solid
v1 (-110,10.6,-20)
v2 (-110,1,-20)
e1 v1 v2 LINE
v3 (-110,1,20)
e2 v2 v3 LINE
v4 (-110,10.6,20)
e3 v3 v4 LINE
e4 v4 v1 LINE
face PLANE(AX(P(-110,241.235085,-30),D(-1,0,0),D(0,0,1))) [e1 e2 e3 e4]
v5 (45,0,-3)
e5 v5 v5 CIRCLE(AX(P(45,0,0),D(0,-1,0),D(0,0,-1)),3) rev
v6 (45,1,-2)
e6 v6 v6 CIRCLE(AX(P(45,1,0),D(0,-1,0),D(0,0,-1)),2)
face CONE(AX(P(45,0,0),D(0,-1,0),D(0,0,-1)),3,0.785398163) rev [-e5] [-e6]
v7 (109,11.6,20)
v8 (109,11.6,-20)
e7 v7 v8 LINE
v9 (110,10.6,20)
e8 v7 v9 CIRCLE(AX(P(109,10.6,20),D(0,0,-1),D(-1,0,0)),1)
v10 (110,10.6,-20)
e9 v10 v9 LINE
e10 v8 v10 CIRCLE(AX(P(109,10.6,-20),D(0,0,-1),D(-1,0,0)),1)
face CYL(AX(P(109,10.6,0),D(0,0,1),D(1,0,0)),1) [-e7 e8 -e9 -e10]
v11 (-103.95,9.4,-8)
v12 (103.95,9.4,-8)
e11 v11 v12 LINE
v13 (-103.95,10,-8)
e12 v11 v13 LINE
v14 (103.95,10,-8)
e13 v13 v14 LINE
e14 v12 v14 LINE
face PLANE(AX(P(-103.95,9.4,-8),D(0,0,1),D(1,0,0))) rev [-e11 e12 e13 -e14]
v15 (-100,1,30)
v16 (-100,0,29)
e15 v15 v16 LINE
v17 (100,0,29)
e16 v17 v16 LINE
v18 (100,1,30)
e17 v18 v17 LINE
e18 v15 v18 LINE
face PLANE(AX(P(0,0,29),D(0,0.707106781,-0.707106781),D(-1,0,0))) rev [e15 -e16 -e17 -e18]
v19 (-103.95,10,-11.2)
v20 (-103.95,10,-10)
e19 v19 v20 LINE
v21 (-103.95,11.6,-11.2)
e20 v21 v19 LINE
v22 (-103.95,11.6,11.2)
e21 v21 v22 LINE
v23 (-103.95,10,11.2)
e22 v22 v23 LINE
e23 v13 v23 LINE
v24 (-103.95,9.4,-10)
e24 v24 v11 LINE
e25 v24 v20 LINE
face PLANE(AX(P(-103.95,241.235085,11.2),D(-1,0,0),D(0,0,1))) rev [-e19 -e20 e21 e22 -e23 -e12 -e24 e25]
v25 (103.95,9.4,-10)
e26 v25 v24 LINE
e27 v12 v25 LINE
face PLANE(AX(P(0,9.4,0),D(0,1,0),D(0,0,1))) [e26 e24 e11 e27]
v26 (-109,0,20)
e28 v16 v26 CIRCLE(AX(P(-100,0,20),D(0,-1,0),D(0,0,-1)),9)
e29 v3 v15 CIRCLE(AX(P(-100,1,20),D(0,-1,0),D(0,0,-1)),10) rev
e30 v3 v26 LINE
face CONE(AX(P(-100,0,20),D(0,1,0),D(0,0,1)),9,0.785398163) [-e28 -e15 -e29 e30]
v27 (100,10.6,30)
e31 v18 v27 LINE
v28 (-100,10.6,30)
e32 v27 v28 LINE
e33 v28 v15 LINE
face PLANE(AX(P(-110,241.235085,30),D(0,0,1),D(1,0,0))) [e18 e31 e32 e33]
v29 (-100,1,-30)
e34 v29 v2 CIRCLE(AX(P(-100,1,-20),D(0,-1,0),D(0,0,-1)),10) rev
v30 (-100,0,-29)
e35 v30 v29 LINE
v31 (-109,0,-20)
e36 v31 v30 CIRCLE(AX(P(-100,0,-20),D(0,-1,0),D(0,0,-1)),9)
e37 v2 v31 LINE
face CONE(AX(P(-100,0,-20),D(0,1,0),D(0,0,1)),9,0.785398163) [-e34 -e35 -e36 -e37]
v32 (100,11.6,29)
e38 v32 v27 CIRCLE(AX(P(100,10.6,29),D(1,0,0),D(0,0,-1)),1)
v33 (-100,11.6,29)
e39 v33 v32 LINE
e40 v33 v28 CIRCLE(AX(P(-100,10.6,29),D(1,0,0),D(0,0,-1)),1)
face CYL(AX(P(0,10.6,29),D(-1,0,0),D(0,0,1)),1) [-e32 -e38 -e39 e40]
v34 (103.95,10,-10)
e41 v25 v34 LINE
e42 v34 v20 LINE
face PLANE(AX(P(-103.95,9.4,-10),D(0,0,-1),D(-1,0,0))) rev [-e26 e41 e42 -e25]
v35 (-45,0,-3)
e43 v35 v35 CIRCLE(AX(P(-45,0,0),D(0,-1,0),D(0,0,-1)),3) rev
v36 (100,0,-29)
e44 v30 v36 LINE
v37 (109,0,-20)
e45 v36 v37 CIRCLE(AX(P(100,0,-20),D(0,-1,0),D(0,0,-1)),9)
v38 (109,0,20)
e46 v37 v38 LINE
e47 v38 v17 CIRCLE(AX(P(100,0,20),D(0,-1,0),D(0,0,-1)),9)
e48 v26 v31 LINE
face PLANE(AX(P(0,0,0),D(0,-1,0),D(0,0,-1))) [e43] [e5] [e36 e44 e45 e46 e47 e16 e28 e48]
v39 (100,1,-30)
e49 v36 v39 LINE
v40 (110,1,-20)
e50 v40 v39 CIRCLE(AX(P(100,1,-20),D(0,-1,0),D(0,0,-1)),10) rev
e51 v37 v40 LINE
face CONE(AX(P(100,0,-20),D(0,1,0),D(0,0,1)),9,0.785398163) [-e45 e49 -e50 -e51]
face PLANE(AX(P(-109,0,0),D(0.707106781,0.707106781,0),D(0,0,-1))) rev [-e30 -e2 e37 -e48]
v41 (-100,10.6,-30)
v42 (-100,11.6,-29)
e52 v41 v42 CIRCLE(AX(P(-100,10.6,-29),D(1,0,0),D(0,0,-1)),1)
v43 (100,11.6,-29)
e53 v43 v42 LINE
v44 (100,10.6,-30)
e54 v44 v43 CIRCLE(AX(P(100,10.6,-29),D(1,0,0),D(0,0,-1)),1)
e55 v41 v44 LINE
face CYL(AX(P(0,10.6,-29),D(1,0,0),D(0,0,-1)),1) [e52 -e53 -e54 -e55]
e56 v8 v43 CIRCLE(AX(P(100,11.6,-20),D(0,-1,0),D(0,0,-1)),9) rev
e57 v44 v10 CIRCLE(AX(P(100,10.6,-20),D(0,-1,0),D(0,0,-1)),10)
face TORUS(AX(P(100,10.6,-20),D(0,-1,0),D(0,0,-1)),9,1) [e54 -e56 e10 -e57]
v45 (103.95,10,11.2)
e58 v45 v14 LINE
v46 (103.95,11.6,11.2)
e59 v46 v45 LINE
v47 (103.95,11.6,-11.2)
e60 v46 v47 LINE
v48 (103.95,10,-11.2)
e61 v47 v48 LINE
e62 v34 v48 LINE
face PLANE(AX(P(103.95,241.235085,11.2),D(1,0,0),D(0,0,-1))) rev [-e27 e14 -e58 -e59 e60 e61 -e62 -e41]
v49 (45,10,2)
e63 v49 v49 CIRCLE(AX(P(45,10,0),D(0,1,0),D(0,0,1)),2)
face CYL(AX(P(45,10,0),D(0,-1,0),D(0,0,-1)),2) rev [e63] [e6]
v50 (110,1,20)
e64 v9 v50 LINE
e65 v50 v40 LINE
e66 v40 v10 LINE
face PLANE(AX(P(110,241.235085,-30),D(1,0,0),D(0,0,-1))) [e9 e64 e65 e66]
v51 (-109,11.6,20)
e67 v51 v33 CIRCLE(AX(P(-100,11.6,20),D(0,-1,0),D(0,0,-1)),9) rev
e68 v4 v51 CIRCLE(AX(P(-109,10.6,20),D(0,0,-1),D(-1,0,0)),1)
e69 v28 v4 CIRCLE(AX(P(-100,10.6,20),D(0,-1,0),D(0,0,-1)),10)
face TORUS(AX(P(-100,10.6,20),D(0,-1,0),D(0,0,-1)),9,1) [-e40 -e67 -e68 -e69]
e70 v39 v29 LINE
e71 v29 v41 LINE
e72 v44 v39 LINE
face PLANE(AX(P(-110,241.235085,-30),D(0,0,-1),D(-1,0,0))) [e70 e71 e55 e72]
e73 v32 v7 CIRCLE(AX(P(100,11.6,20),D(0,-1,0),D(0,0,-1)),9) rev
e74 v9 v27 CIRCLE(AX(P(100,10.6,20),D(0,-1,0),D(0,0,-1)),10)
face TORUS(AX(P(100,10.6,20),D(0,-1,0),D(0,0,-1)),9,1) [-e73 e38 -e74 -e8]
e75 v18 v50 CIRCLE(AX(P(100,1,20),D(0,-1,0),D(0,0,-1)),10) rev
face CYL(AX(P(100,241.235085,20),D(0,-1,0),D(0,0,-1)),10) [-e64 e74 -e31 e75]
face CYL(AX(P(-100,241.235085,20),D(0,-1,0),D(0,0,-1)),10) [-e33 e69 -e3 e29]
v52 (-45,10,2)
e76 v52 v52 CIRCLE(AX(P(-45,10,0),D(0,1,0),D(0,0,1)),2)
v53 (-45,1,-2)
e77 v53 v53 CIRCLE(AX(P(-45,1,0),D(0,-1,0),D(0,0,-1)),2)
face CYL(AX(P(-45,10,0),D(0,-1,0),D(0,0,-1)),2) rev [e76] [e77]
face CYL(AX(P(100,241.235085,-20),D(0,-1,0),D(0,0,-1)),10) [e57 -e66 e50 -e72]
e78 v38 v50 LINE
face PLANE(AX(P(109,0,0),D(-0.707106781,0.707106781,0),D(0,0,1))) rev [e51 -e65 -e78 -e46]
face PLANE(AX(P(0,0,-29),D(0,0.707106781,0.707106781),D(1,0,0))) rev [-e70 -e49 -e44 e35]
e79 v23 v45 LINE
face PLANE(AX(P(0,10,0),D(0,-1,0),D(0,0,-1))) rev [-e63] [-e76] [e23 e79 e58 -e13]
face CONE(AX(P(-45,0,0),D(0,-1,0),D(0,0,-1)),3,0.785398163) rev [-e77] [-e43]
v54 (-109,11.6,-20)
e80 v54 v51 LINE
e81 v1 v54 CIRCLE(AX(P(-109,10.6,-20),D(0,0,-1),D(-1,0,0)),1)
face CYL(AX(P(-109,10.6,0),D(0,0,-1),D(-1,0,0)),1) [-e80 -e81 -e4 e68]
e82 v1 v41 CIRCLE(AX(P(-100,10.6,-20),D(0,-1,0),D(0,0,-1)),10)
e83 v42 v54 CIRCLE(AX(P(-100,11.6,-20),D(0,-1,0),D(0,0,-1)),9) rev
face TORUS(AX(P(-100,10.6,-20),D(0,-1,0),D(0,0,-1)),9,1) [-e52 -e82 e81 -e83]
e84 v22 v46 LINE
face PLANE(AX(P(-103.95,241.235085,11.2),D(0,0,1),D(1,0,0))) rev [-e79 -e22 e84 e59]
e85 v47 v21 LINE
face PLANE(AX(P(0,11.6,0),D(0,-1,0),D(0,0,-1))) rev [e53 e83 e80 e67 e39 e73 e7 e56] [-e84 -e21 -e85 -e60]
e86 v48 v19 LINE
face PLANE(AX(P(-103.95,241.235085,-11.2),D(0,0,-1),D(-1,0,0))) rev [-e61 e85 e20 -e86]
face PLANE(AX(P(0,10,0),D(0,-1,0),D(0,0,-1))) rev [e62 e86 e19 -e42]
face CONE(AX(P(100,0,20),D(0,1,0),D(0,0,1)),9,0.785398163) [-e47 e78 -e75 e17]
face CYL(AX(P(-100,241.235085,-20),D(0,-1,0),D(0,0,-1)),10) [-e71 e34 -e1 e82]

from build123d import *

# Parameters (mm, degrees)
SKETCH1_W           = 207.9
SKETCH1_H           = 22.4
SKETCH1_R           = 2
BOSS_EXTRUDE1_DEPTH = 10
SKETCH2_W           = 220
SKETCH2_H           = 60
SKETCH2_W_2         = 207.9
SKETCH2_H_2         = 22.4
BOSS_EXTRUDE2_DEPTH = 11.6
FILLET1_R           = 10
FILLET2_R           = 1
CHAMFER1_SIZE       = 1
SKETCH3_W           = 207.9
SKETCH3_H           = 2
CUT_EXTRUDE1_DEPTH  = 0.6


with BuildPart() as part:
    # Sketch1 → Boss-Extrude1 (new body)
    with BuildSketch(Plane(origin=(0, 0, 0), x_dir=(1, 0, 0), z_dir=(0, 1, 0))):
        Rectangle(SKETCH1_W, SKETCH1_H)
        with Locations(Location((-45, 0, 0), (0, 0, 270))):
            Circle(SKETCH1_R, mode=Mode.SUBTRACT)
        with Locations(Location((45, 0, 0), (0, 0, 270))):
            Circle(SKETCH1_R, mode=Mode.SUBTRACT)
    extrude(amount=BOSS_EXTRUDE1_DEPTH)

    # Sketch2 → Boss-Extrude2 (add)
    with BuildSketch(Plane.XZ):
        Rectangle(SKETCH2_W, SKETCH2_H)
        Rectangle(SKETCH2_W_2, SKETCH2_H_2, mode=Mode.SUBTRACT)
    extrude(amount=-BOSS_EXTRUDE2_DEPTH)

    # Fillet1
    fillet1_edges = [part.edges().sort_by_distance(p)[0] for p in [
        (-110, 5.8, 30),
        (-110, 5.8, -30),
        (110, 5.8, -30),
        (110, 5.8, 30),
    ]]
    fillet(fillet1_edges, radius=FILLET1_R)

    # Fillet2
    fillet2_edges = [part.edges().sort_by_distance(p)[0] for p in [
        (0, 11.6, 30),
        (-110, 11.6, 0),
        (110, 11.6, 0),
        (0, 11.6, -30),
        (107.071067812, 11.6, -27.071067812),
        (107.071067812, 11.6, 27.071067812),
        (-107.071067812, 11.6, -27.071067812),
        (-107.071067812, 11.6, 27.071067812),
    ]]
    fillet(fillet2_edges, radius=FILLET2_R)

    # Chamfer1
    chamfer1_edges = [part.edges().sort_by_distance(p)[0] for p in [
        (-45, 0, -2),
        (45, 0, -2),
        (0, 0, 30),
        (110, 0, 0),
        (-110, 0, 0),
        (0, 0, -30),
        (107.071067812, 0, -27.071067812),
        (107.071067812, 0, 27.071067812),
        (-107.071067812, 0, -27.071067812),
        (-107.071067812, 0, 27.071067812),
    ]]
    chamfer(chamfer1_edges, length=CHAMFER1_SIZE)

    # Sketch3 → Cut-Extrude1 (cut)
    with BuildSketch(Plane(origin=(0, 10, 0), x_dir=(1, 0, 0), z_dir=(0, 1, 0))):
        with Locations((0, 9)):
            Rectangle(SKETCH3_W, SKETCH3_H)
    extrude(amount=-CUT_EXTRUDE1_DEPTH, mode=Mode.SUBTRACT)


solid = part.part
